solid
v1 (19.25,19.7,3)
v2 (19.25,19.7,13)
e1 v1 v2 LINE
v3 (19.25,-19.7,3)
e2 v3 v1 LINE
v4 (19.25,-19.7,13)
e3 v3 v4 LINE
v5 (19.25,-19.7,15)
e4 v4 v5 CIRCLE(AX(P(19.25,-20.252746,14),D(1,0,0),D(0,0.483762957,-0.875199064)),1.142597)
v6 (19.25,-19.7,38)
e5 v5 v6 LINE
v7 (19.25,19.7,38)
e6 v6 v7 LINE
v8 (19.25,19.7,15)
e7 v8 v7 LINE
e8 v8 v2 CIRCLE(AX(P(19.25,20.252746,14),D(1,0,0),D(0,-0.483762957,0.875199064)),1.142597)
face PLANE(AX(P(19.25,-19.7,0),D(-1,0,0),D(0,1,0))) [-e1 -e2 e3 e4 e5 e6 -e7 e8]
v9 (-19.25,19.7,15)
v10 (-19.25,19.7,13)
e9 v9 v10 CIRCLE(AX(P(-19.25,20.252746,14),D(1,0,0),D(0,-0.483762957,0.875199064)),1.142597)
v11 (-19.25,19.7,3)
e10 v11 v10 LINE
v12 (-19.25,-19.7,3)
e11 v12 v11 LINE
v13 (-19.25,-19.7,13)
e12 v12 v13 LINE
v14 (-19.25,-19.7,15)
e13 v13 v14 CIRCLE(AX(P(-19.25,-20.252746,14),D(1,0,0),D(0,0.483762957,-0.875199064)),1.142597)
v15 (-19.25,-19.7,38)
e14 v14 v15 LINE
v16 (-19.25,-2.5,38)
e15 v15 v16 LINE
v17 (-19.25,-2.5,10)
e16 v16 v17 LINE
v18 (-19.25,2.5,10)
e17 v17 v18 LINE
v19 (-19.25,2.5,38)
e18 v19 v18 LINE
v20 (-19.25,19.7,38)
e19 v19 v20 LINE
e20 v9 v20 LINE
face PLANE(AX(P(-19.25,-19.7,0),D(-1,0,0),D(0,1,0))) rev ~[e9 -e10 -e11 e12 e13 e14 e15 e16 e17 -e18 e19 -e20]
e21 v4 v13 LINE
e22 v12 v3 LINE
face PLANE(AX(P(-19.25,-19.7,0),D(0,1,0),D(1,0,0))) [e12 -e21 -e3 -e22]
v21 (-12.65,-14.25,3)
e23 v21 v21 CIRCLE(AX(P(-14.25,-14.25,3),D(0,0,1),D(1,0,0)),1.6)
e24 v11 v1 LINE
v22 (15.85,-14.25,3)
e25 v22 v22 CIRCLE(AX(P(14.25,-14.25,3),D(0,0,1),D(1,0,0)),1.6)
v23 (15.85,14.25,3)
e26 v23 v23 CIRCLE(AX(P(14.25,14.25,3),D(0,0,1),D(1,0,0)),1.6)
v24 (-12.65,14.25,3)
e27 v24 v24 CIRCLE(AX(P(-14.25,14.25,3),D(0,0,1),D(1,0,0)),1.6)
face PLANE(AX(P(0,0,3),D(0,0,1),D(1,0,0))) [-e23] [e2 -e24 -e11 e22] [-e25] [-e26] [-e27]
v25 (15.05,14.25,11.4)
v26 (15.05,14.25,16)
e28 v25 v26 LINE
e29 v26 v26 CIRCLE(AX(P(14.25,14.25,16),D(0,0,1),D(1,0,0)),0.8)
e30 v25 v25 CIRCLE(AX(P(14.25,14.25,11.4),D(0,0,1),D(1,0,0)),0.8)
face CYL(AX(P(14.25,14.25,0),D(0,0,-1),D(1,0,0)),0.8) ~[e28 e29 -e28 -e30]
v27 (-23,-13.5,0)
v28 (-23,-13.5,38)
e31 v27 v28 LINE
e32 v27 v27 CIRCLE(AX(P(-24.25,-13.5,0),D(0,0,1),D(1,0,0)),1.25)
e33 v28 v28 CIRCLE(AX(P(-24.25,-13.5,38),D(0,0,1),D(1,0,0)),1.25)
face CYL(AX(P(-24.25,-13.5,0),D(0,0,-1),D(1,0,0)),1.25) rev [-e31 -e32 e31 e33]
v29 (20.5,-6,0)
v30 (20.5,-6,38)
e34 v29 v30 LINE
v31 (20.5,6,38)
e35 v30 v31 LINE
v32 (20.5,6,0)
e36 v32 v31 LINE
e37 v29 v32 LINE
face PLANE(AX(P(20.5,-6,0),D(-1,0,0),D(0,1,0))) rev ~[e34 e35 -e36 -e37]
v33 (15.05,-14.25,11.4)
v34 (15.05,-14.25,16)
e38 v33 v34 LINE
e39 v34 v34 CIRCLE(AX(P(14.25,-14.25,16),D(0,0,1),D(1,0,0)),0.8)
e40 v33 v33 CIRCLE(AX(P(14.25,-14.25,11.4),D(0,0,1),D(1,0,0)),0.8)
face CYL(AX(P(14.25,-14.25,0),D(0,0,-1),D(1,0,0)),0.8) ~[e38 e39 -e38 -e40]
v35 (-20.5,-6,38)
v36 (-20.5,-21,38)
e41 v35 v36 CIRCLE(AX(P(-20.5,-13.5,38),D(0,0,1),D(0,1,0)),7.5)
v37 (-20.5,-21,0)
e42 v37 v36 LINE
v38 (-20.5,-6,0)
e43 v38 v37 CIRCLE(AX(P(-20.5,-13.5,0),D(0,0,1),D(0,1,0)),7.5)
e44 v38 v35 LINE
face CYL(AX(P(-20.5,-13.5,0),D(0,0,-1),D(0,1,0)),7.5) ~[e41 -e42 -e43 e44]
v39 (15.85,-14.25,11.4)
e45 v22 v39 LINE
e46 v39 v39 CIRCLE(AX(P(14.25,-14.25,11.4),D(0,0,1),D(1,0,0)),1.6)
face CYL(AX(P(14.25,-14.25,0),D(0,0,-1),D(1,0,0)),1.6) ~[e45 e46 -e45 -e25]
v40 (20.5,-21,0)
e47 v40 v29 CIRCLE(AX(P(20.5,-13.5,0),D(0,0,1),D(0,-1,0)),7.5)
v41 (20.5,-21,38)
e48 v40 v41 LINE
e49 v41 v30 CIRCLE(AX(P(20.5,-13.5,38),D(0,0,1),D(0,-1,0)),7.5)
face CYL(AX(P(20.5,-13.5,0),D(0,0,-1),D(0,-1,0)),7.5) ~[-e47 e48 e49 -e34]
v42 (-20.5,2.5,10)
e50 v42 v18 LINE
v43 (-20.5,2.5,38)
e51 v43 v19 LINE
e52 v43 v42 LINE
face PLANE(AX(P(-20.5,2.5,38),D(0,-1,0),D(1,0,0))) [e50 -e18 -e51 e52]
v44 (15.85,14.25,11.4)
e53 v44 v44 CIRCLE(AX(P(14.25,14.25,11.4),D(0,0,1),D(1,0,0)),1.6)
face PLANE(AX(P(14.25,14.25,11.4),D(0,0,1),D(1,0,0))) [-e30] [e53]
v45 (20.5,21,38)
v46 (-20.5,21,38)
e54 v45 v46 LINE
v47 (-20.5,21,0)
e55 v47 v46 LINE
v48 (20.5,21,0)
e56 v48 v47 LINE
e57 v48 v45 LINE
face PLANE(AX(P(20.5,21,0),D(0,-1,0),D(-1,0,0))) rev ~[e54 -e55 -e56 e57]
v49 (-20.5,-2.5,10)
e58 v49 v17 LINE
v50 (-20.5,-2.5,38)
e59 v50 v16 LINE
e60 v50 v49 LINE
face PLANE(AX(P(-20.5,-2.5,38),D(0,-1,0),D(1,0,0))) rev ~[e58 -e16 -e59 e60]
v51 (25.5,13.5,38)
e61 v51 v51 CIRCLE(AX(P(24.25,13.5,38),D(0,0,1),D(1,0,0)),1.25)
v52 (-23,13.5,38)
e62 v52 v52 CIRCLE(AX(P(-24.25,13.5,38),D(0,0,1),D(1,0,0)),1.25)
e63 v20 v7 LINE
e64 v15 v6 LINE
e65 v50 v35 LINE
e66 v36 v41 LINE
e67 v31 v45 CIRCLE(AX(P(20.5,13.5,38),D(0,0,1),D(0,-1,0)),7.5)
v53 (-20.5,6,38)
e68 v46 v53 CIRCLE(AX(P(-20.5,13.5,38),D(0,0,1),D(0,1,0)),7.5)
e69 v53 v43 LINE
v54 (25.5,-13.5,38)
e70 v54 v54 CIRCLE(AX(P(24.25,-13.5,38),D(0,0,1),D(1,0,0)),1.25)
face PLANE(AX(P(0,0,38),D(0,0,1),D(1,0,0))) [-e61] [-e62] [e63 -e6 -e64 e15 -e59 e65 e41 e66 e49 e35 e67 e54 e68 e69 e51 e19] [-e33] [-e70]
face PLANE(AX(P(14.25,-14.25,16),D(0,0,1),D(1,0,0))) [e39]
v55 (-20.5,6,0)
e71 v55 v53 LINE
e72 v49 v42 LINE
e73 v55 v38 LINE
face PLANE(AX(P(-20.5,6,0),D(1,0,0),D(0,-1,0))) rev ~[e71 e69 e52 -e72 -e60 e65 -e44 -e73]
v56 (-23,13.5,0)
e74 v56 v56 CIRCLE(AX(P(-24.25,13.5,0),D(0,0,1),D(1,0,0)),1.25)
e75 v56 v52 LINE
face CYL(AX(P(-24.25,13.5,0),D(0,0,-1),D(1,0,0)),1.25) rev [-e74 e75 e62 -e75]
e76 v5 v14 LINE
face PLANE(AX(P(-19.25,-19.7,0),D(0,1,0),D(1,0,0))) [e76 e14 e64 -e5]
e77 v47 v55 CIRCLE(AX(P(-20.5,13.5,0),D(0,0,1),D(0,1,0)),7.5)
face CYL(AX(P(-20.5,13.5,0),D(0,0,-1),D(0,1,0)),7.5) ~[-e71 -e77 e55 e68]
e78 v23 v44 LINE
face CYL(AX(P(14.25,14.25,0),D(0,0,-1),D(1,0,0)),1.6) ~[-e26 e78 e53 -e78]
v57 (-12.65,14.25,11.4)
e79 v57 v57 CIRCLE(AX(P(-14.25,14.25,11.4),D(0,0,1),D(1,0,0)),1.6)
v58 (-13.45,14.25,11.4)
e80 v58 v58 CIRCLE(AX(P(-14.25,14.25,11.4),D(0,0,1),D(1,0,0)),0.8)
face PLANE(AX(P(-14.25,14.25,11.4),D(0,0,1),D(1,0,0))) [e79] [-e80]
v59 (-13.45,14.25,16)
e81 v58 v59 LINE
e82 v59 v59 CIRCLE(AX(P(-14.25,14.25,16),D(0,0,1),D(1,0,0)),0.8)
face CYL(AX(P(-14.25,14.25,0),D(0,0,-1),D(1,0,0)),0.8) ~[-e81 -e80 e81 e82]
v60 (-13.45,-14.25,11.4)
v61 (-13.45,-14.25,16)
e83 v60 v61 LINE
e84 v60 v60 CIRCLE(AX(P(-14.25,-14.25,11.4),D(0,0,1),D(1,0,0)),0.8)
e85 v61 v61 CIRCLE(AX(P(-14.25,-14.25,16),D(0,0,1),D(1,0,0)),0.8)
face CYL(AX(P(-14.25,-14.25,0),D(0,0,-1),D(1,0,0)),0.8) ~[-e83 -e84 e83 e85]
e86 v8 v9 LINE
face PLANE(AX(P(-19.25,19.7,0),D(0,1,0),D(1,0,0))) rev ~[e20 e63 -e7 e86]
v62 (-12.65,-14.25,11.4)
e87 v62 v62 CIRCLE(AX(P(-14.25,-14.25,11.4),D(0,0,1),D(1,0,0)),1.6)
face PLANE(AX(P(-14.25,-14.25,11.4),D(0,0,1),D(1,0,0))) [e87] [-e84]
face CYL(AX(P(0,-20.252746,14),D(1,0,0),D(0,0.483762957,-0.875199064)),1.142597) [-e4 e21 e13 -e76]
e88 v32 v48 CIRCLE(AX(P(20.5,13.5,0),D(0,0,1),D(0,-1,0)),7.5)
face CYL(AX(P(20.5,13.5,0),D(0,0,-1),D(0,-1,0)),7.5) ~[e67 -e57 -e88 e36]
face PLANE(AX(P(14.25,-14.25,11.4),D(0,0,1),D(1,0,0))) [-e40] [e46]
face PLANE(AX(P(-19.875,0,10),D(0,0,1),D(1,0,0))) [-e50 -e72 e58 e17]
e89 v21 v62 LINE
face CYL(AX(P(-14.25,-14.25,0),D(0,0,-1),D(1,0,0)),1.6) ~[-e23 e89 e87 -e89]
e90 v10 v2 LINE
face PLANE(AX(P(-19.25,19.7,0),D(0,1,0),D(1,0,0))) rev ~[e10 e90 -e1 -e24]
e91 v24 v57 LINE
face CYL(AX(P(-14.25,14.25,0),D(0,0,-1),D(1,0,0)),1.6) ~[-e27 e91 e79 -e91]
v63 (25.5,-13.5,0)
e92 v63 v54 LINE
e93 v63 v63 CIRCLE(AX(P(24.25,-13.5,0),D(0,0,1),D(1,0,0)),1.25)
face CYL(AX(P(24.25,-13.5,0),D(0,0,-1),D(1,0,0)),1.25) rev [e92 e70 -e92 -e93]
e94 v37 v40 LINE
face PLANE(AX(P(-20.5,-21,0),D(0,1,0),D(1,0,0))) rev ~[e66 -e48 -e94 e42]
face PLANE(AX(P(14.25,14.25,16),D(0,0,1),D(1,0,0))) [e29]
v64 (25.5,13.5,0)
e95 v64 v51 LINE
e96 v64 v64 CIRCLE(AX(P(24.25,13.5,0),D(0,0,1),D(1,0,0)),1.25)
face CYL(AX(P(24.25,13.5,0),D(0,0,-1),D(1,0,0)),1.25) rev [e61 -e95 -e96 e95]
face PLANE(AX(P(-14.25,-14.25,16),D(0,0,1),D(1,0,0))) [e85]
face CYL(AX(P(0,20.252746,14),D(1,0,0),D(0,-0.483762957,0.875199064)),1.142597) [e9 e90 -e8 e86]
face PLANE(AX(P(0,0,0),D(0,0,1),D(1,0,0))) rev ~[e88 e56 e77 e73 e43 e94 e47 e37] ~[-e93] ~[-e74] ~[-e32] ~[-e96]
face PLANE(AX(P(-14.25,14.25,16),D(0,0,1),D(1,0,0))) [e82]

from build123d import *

# Parameters (mm, degrees)
F0_W           = 38.5
F0_H           = 39.4
F0_R           = 1.6
F1_DEPTH       = 3
F0_R_2         = 0.8
F2_DEPTH       = 11.4
F3_DEPTH       = 16
F0_R_3         = 1.25
F4_DEPTH       = 38
F5_W           = 1.25
F5_H           = 5
F6_DEPTH       = 28
F10_DEPTH      = 19.25
F10_DEPTH_BACK = 19.25


with BuildPart() as f1:
    # F0 (on Top) → F1 (new body)
    with BuildSketch(Plane.XY):
        Rectangle(F0_W, F0_H)
        with Locations((-14.25, -14.25)):
            Circle(F0_R, mode=Mode.SUBTRACT)
        with Locations((14.25, -14.25)):
            Circle(F0_R, mode=Mode.SUBTRACT)
        with Locations((-14.25, 14.25)):
            Circle(F0_R, mode=Mode.SUBTRACT)
        with Locations((14.25, 14.25)):
            Circle(F0_R, mode=Mode.SUBTRACT)
    extrude(amount=F1_DEPTH)

    # F0 (on Top) → F2 (join)
    with BuildSketch(Plane.XY):
        with Locations((-14.25, 14.25)):
            Circle(F0_R)
        with Locations((-14.25, 14.25)):
            Circle(F0_R_2, mode=Mode.SUBTRACT)
        with Locations((-14.25, -14.25)):
            Circle(F0_R)
        with Locations((-14.25, -14.25)):
            Circle(F0_R_2, mode=Mode.SUBTRACT)
        with Locations((14.25, -14.25)):
            Circle(F0_R)
        with Locations((14.25, -14.25)):
            Circle(F0_R_2, mode=Mode.SUBTRACT)
        with Locations((14.25, 14.25)):
            Circle(F0_R)
        with Locations((14.25, 14.25)):
            Circle(F0_R_2, mode=Mode.SUBTRACT)
    extrude(amount=F2_DEPTH)

    # F0 (on Top) → F3 (join)
    with BuildSketch(Plane.XY):
        with Locations((-14.25, 14.25)):
            Circle(F0_R_2)
        with Locations((-14.25, -14.25)):
            Circle(F0_R_2)
        with Locations((14.25, -14.25)):
            Circle(F0_R_2)
        with Locations((14.25, 14.25)):
            Circle(F0_R_2)
    extrude(amount=F3_DEPTH)

    # F0 (on Top) → F4 (join)
    with BuildSketch(Plane.XY):
        Polygon((20.5, 21), (-20.5, 21), (-20.5, 6), (-20.5, -6), (-20.5, -21), (20.5, -21), (20.5, -6), (20.5, 6), align=None)
        Rectangle(F0_W, F0_H, mode=Mode.SUBTRACT)
        with BuildLine():
            Line((-20.5, -21), (-20.5, -6))
            ThreePointArc((-20.5, -6), (-28, -13.5), (-20.5, -21))
        make_face()
        with Locations((-24.25, -13.5)):
            Circle(F0_R_3, mode=Mode.SUBTRACT)
        with BuildLine():
            ThreePointArc((20.5, -21), (28, -13.5), (20.5, -6))
            Line((20.5, -6), (20.5, -21))
        make_face()
        with Locations((24.25, -13.5)):
            Circle(F0_R_3, mode=Mode.SUBTRACT)
        with BuildLine():
            ThreePointArc((20.5, 6), (28, 13.5), (20.5, 21))
            Line((20.5, 21), (20.5, 6))
        make_face()
        with Locations((24.25, 13.5)):
            Circle(F0_R_3, mode=Mode.SUBTRACT)
        with BuildLine():
            Line((-20.5, 6), (-20.5, 21))
            ThreePointArc((-20.5, 21), (-28, 13.5), (-20.5, 6))
        make_face()
        with Locations((-24.25, 13.5)):
            Circle(F0_R_3, mode=Mode.SUBTRACT)
    extrude(amount=F4_DEPTH)

    # F5 (on face) → F6 (cut)
    with BuildSketch(Plane.XY.offset(38)):
        with Locations((-19.875, 0)):
            Rectangle(F5_W, F5_H)
    extrude(amount=-F6_DEPTH, mode=Mode.SUBTRACT)

    # F9 (on Right) → F10 (join, two sides)
    with BuildSketch(Plane.YZ) as f10_sk:
        with BuildLine():
            Line((19.7, 13), (19.7, 15))
            ThreePointArc((19.7, 15), (19.110149, 14), (19.7, 13))
        make_face()
        with BuildLine():
            ThreePointArc((-19.7, 13), (-19.110149, 14), (-19.7, 15))
            Line((-19.7, 15), (-19.7, 13))
        make_face()
    extrude(amount=F10_DEPTH)
    extrude(f10_sk.sketch, amount=-F10_DEPTH_BACK)


solid = f1.part
